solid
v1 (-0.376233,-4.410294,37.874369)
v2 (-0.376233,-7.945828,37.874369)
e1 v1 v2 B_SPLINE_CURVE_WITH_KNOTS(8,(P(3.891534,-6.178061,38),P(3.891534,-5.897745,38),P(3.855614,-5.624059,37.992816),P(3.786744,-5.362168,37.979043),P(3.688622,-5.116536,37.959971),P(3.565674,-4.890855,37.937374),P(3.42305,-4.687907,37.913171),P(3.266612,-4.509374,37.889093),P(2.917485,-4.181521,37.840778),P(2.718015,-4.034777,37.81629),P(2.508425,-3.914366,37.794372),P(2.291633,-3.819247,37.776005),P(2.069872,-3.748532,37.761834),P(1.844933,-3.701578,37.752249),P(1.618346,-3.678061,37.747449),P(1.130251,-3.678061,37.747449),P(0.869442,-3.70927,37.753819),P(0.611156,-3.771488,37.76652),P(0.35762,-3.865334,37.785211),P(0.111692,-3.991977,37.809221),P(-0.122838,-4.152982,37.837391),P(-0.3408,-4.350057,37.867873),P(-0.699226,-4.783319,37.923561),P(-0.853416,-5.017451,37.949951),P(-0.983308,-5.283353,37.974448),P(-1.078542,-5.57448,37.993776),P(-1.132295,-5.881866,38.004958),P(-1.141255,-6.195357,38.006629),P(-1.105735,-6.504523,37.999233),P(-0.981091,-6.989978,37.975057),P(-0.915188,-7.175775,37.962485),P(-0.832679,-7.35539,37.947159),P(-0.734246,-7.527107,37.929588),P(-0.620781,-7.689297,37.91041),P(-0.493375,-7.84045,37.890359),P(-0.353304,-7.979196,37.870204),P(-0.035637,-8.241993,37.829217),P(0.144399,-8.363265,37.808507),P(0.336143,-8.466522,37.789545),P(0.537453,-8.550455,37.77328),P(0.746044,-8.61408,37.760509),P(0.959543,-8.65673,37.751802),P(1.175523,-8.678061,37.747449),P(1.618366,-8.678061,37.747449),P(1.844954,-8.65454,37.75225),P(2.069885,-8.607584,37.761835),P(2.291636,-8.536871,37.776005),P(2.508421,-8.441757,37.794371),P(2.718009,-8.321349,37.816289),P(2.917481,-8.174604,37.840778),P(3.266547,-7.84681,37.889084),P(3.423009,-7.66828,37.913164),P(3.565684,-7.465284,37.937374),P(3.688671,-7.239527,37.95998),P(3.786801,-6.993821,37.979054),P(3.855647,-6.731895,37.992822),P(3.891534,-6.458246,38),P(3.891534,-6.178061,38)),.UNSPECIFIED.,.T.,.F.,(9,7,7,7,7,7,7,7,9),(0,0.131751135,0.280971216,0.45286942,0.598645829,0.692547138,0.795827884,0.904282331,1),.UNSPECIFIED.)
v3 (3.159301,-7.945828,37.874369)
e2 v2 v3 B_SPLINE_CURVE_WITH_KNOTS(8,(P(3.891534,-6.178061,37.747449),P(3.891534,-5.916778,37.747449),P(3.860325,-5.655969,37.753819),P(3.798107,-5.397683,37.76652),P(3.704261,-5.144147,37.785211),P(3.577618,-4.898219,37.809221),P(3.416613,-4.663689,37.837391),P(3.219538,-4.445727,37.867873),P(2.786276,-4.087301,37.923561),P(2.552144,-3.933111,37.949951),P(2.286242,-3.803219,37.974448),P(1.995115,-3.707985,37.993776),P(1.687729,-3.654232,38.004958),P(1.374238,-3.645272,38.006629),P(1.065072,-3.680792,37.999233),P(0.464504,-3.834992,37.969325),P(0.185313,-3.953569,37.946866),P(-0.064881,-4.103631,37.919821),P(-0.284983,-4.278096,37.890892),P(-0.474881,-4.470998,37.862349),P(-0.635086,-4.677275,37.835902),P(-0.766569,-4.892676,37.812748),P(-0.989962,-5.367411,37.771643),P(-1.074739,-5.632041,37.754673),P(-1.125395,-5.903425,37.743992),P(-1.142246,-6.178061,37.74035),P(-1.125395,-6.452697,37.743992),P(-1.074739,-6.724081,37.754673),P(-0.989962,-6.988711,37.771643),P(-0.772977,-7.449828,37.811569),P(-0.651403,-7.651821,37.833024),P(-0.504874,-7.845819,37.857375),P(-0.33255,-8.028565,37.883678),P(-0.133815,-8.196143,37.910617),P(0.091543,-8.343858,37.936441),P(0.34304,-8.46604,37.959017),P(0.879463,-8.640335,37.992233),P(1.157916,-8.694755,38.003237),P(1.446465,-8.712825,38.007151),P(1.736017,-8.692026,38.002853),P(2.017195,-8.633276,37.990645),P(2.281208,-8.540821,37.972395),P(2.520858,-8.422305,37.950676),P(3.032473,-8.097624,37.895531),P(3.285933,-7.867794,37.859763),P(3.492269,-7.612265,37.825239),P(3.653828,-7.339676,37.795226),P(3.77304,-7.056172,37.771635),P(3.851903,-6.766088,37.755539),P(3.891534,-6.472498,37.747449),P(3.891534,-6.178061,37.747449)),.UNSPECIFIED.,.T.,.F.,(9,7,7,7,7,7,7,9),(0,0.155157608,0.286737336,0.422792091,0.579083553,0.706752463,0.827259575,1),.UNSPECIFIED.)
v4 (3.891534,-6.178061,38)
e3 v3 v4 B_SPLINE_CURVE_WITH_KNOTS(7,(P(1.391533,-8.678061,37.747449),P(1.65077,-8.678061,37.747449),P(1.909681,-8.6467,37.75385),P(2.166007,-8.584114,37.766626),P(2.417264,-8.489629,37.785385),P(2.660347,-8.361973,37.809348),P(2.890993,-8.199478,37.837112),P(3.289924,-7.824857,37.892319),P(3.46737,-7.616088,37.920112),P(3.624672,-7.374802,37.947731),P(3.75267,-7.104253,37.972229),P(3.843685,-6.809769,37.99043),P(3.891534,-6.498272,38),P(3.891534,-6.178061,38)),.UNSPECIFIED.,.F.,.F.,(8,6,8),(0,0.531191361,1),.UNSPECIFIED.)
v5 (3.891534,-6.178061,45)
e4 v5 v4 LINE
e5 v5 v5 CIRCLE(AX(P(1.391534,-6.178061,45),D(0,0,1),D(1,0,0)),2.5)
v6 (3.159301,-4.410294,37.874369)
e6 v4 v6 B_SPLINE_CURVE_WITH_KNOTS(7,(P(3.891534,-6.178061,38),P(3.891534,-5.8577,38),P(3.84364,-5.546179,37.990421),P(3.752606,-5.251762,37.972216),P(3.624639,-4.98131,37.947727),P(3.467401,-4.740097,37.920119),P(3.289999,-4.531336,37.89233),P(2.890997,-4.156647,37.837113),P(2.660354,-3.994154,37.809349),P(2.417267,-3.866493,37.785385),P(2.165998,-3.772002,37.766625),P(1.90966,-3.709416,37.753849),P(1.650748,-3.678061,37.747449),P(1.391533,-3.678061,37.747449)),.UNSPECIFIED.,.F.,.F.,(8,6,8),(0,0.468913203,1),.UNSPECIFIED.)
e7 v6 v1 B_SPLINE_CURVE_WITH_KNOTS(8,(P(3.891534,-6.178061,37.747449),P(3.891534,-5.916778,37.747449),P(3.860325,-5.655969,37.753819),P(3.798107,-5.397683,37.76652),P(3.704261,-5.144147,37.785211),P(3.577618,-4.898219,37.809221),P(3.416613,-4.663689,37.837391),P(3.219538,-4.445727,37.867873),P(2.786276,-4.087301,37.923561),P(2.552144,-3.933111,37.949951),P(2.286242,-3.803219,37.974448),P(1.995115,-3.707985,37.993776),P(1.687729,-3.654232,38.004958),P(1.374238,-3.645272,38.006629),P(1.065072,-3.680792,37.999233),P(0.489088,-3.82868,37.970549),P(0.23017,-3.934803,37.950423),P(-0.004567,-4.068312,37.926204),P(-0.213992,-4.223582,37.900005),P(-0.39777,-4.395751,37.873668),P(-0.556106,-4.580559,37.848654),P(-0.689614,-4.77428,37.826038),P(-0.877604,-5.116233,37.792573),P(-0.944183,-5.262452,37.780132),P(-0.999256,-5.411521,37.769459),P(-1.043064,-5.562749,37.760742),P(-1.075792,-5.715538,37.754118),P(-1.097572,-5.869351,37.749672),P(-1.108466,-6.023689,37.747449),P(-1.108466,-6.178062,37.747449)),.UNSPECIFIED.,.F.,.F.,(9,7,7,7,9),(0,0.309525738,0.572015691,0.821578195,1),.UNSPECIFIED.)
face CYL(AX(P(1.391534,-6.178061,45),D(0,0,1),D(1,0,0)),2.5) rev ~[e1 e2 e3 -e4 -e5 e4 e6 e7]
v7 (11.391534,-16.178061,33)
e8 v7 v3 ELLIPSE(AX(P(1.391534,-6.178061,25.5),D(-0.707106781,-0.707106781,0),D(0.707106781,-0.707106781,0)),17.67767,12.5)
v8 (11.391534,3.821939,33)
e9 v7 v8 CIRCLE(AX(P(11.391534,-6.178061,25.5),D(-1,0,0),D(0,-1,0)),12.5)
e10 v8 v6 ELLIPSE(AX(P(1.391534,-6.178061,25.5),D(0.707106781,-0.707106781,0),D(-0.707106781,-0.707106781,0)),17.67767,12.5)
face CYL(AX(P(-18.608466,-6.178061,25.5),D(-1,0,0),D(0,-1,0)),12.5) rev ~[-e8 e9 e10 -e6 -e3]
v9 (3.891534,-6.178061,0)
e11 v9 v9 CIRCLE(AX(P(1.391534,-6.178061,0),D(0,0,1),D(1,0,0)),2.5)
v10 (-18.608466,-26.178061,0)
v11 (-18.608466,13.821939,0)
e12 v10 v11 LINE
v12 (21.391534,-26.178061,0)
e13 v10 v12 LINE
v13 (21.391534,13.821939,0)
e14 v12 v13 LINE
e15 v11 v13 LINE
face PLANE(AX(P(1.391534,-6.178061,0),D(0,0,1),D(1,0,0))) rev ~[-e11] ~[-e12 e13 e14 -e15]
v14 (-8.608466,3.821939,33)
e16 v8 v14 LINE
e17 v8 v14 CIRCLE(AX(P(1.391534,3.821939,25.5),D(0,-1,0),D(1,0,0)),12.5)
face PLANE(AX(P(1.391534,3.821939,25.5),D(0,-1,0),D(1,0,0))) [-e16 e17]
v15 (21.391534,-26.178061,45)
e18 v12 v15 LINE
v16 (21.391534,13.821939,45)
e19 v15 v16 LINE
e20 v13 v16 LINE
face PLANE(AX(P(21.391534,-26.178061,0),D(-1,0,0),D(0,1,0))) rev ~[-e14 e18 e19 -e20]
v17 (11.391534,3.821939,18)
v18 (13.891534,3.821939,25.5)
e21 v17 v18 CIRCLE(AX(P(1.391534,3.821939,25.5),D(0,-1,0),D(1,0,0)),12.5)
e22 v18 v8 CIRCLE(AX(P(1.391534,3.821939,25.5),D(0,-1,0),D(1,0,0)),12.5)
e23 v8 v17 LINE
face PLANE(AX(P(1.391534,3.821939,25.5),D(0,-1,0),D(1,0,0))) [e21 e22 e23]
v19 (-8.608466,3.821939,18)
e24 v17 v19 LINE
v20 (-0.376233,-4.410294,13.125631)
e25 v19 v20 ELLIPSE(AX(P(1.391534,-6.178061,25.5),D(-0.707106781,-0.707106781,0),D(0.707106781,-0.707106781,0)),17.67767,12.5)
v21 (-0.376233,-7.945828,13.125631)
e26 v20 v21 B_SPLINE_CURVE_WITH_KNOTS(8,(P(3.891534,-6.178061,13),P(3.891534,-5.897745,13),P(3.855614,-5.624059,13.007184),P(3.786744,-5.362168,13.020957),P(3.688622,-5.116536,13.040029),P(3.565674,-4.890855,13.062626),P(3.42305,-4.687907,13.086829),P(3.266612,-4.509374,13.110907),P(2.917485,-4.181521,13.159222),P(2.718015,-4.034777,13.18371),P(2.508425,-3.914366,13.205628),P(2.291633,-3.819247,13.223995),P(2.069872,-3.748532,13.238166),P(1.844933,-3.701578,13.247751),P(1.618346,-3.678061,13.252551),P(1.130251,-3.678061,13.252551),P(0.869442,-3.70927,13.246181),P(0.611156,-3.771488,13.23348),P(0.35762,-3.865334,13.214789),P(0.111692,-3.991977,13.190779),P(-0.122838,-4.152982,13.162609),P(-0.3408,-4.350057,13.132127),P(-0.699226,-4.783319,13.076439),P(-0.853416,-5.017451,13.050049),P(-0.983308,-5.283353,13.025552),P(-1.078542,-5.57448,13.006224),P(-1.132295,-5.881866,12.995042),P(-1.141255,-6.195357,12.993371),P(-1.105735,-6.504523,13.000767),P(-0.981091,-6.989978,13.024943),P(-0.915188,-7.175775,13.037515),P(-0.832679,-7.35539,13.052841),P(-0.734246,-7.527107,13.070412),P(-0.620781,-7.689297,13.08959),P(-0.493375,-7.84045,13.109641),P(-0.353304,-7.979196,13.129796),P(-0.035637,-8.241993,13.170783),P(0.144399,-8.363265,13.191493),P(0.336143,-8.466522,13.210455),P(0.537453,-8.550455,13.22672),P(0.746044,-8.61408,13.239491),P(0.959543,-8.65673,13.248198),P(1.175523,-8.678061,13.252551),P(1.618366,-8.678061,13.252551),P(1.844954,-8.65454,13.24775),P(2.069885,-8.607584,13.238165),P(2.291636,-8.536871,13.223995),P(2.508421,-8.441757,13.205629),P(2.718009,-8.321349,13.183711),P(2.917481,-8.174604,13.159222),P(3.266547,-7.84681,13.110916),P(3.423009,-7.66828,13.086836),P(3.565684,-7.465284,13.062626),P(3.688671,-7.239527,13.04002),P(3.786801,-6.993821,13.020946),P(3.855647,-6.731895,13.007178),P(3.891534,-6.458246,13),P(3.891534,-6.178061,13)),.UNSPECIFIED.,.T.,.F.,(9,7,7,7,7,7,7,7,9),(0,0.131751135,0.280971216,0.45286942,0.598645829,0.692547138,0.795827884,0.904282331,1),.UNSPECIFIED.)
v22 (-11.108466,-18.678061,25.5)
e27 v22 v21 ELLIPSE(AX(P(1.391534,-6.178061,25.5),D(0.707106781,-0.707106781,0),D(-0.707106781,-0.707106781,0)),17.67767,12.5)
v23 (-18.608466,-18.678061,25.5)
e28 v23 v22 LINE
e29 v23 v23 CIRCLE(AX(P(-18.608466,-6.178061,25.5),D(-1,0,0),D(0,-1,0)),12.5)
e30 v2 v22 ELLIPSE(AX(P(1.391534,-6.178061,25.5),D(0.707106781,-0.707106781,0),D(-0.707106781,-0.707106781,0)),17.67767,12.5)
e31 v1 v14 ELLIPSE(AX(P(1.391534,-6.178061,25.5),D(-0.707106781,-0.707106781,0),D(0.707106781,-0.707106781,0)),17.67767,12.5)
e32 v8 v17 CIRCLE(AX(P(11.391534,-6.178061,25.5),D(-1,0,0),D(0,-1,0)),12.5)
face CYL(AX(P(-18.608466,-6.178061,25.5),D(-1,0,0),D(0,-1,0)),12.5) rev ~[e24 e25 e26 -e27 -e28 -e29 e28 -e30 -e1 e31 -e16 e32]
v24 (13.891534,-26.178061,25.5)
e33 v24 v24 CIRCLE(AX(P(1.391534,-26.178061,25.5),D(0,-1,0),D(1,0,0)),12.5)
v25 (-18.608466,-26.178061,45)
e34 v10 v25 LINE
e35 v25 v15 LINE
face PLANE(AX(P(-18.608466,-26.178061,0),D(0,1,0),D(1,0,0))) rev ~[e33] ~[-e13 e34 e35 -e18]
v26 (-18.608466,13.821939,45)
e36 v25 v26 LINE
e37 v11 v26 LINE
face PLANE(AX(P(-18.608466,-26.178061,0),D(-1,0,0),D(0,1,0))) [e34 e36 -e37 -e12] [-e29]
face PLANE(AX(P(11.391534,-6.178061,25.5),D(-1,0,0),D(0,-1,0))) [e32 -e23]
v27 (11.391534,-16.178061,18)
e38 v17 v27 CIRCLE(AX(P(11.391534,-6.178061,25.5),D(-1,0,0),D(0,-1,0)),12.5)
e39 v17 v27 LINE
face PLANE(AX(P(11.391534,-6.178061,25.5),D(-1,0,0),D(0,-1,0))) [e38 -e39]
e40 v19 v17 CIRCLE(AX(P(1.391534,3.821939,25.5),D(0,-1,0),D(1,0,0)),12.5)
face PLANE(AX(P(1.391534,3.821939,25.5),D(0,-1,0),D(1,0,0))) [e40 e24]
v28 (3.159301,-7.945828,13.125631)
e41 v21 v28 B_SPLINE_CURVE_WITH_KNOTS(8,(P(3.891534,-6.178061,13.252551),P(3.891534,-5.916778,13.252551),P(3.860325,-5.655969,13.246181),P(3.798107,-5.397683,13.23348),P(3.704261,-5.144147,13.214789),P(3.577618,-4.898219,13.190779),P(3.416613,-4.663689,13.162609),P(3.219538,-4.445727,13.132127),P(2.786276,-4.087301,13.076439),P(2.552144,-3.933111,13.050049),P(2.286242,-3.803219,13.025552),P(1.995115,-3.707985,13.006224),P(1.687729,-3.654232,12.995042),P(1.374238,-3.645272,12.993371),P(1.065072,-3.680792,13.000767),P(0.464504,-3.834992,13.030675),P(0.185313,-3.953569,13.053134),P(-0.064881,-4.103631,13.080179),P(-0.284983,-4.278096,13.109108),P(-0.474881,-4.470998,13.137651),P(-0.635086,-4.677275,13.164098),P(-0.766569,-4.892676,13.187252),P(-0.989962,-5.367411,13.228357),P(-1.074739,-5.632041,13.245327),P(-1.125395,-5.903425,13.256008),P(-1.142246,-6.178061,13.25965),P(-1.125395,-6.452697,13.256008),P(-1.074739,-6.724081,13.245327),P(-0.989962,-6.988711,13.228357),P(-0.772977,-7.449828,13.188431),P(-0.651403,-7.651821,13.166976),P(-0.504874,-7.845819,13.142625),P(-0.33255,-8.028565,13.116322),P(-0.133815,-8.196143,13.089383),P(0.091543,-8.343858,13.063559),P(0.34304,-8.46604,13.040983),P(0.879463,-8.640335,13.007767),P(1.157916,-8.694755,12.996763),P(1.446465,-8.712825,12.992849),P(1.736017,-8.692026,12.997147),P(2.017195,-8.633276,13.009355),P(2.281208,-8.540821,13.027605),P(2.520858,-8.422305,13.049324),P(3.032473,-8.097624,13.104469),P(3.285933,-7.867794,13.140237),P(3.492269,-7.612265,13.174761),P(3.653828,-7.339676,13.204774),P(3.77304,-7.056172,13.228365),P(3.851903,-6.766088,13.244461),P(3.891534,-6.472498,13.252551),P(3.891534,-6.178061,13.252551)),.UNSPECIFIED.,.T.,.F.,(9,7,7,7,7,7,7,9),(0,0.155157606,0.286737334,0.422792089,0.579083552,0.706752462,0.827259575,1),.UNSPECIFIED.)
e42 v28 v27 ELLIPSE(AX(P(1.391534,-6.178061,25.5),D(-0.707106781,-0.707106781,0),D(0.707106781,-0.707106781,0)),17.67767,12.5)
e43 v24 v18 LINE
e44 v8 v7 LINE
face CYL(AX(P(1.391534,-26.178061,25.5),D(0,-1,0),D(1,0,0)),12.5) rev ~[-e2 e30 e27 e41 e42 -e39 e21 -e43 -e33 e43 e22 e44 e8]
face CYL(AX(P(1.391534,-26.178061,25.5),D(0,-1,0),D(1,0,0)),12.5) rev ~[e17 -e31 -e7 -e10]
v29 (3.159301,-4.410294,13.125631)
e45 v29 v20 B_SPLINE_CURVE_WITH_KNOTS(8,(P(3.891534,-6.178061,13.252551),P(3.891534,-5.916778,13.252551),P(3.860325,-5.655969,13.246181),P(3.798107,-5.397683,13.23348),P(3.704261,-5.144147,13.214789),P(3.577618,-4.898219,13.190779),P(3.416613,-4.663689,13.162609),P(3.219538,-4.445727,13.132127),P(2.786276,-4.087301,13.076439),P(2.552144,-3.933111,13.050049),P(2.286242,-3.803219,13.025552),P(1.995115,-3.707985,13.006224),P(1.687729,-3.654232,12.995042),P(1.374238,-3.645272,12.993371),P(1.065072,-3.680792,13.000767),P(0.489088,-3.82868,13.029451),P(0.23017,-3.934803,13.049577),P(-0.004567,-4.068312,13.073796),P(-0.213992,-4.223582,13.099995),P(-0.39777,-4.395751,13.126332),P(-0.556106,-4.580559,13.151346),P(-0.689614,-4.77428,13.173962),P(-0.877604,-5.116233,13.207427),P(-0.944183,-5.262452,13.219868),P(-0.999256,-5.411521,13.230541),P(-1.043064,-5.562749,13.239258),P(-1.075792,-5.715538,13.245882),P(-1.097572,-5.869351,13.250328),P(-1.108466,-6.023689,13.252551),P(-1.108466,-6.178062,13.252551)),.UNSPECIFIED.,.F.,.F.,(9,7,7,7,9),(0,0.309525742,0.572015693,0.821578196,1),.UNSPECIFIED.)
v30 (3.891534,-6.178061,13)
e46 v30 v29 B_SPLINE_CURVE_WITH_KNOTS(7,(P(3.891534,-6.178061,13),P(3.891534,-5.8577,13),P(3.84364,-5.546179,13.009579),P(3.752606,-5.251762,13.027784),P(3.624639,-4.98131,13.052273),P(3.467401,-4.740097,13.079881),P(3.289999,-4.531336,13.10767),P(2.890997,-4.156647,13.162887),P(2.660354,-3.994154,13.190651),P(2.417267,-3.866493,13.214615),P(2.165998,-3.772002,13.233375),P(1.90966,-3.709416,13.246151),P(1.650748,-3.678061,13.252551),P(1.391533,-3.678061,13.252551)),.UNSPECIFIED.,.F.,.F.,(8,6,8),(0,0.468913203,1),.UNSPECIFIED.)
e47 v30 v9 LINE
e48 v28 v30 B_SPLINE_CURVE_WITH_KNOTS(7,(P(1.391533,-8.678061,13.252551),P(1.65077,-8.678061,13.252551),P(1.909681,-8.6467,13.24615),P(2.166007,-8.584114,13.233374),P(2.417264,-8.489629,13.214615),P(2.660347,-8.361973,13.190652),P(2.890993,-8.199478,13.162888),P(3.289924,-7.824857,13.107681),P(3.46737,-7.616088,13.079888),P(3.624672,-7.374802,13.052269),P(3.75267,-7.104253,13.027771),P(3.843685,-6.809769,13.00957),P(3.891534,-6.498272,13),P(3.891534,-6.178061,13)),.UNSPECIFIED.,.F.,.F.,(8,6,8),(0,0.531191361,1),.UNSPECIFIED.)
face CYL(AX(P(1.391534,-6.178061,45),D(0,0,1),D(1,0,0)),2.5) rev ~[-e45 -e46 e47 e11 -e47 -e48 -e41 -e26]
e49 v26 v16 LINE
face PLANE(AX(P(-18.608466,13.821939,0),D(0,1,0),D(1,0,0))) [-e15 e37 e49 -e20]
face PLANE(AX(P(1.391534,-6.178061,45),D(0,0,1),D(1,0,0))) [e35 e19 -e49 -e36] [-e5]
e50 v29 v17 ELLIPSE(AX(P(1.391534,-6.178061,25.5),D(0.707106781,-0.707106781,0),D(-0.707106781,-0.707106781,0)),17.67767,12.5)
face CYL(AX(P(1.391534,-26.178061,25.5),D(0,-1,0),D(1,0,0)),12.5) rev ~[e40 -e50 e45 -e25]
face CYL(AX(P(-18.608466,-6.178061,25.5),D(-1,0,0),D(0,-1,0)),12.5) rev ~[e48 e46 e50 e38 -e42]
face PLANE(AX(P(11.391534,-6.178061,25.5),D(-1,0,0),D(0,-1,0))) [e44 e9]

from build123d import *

# Parameters (mm, degrees)
F0_W     = 40
F0_H     = 40
F1_DEPTH = 45
F3_R     = 12.5
F4_DEPTH = 30
F2_R     = 12.5
F5_DEPTH = 30
F6_R     = 2.5
F7_DEPTH = 45.001


with BuildPart() as f1:
    # F0 (on Top) → F1 (new body)
    with BuildSketch(Plane.XY):
        with Locations((1.391534, -6.178061)):
            Rectangle(F0_W, F0_H)
    extrude(amount=F1_DEPTH)

    # F3 (on face) → F4 (cut)
    with BuildSketch(Plane.XZ.offset(26.178061)):
        with Locations((1.391534, 25.5)):
            Circle(F3_R)
    extrude(amount=-F4_DEPTH, mode=Mode.SUBTRACT)

    # F2 (on face) → F5 (cut)
    with BuildSketch(Plane(origin=(-18.608466, 0, 0), x_dir=(0, -1, 0), z_dir=(-1, 0, 0))):
        with Locations((6.178061, 25.5)):
            Circle(F2_R)
    extrude(amount=-F5_DEPTH, mode=Mode.SUBTRACT)

    # F6 (on face) → F7 (cut, through all)
    with BuildSketch(Plane.XY.offset(45)):
        with Locations((1.391534, -6.178061)):
            Circle(F6_R)
    extrude(amount=-F7_DEPTH, mode=Mode.SUBTRACT)


solid = f1.part
